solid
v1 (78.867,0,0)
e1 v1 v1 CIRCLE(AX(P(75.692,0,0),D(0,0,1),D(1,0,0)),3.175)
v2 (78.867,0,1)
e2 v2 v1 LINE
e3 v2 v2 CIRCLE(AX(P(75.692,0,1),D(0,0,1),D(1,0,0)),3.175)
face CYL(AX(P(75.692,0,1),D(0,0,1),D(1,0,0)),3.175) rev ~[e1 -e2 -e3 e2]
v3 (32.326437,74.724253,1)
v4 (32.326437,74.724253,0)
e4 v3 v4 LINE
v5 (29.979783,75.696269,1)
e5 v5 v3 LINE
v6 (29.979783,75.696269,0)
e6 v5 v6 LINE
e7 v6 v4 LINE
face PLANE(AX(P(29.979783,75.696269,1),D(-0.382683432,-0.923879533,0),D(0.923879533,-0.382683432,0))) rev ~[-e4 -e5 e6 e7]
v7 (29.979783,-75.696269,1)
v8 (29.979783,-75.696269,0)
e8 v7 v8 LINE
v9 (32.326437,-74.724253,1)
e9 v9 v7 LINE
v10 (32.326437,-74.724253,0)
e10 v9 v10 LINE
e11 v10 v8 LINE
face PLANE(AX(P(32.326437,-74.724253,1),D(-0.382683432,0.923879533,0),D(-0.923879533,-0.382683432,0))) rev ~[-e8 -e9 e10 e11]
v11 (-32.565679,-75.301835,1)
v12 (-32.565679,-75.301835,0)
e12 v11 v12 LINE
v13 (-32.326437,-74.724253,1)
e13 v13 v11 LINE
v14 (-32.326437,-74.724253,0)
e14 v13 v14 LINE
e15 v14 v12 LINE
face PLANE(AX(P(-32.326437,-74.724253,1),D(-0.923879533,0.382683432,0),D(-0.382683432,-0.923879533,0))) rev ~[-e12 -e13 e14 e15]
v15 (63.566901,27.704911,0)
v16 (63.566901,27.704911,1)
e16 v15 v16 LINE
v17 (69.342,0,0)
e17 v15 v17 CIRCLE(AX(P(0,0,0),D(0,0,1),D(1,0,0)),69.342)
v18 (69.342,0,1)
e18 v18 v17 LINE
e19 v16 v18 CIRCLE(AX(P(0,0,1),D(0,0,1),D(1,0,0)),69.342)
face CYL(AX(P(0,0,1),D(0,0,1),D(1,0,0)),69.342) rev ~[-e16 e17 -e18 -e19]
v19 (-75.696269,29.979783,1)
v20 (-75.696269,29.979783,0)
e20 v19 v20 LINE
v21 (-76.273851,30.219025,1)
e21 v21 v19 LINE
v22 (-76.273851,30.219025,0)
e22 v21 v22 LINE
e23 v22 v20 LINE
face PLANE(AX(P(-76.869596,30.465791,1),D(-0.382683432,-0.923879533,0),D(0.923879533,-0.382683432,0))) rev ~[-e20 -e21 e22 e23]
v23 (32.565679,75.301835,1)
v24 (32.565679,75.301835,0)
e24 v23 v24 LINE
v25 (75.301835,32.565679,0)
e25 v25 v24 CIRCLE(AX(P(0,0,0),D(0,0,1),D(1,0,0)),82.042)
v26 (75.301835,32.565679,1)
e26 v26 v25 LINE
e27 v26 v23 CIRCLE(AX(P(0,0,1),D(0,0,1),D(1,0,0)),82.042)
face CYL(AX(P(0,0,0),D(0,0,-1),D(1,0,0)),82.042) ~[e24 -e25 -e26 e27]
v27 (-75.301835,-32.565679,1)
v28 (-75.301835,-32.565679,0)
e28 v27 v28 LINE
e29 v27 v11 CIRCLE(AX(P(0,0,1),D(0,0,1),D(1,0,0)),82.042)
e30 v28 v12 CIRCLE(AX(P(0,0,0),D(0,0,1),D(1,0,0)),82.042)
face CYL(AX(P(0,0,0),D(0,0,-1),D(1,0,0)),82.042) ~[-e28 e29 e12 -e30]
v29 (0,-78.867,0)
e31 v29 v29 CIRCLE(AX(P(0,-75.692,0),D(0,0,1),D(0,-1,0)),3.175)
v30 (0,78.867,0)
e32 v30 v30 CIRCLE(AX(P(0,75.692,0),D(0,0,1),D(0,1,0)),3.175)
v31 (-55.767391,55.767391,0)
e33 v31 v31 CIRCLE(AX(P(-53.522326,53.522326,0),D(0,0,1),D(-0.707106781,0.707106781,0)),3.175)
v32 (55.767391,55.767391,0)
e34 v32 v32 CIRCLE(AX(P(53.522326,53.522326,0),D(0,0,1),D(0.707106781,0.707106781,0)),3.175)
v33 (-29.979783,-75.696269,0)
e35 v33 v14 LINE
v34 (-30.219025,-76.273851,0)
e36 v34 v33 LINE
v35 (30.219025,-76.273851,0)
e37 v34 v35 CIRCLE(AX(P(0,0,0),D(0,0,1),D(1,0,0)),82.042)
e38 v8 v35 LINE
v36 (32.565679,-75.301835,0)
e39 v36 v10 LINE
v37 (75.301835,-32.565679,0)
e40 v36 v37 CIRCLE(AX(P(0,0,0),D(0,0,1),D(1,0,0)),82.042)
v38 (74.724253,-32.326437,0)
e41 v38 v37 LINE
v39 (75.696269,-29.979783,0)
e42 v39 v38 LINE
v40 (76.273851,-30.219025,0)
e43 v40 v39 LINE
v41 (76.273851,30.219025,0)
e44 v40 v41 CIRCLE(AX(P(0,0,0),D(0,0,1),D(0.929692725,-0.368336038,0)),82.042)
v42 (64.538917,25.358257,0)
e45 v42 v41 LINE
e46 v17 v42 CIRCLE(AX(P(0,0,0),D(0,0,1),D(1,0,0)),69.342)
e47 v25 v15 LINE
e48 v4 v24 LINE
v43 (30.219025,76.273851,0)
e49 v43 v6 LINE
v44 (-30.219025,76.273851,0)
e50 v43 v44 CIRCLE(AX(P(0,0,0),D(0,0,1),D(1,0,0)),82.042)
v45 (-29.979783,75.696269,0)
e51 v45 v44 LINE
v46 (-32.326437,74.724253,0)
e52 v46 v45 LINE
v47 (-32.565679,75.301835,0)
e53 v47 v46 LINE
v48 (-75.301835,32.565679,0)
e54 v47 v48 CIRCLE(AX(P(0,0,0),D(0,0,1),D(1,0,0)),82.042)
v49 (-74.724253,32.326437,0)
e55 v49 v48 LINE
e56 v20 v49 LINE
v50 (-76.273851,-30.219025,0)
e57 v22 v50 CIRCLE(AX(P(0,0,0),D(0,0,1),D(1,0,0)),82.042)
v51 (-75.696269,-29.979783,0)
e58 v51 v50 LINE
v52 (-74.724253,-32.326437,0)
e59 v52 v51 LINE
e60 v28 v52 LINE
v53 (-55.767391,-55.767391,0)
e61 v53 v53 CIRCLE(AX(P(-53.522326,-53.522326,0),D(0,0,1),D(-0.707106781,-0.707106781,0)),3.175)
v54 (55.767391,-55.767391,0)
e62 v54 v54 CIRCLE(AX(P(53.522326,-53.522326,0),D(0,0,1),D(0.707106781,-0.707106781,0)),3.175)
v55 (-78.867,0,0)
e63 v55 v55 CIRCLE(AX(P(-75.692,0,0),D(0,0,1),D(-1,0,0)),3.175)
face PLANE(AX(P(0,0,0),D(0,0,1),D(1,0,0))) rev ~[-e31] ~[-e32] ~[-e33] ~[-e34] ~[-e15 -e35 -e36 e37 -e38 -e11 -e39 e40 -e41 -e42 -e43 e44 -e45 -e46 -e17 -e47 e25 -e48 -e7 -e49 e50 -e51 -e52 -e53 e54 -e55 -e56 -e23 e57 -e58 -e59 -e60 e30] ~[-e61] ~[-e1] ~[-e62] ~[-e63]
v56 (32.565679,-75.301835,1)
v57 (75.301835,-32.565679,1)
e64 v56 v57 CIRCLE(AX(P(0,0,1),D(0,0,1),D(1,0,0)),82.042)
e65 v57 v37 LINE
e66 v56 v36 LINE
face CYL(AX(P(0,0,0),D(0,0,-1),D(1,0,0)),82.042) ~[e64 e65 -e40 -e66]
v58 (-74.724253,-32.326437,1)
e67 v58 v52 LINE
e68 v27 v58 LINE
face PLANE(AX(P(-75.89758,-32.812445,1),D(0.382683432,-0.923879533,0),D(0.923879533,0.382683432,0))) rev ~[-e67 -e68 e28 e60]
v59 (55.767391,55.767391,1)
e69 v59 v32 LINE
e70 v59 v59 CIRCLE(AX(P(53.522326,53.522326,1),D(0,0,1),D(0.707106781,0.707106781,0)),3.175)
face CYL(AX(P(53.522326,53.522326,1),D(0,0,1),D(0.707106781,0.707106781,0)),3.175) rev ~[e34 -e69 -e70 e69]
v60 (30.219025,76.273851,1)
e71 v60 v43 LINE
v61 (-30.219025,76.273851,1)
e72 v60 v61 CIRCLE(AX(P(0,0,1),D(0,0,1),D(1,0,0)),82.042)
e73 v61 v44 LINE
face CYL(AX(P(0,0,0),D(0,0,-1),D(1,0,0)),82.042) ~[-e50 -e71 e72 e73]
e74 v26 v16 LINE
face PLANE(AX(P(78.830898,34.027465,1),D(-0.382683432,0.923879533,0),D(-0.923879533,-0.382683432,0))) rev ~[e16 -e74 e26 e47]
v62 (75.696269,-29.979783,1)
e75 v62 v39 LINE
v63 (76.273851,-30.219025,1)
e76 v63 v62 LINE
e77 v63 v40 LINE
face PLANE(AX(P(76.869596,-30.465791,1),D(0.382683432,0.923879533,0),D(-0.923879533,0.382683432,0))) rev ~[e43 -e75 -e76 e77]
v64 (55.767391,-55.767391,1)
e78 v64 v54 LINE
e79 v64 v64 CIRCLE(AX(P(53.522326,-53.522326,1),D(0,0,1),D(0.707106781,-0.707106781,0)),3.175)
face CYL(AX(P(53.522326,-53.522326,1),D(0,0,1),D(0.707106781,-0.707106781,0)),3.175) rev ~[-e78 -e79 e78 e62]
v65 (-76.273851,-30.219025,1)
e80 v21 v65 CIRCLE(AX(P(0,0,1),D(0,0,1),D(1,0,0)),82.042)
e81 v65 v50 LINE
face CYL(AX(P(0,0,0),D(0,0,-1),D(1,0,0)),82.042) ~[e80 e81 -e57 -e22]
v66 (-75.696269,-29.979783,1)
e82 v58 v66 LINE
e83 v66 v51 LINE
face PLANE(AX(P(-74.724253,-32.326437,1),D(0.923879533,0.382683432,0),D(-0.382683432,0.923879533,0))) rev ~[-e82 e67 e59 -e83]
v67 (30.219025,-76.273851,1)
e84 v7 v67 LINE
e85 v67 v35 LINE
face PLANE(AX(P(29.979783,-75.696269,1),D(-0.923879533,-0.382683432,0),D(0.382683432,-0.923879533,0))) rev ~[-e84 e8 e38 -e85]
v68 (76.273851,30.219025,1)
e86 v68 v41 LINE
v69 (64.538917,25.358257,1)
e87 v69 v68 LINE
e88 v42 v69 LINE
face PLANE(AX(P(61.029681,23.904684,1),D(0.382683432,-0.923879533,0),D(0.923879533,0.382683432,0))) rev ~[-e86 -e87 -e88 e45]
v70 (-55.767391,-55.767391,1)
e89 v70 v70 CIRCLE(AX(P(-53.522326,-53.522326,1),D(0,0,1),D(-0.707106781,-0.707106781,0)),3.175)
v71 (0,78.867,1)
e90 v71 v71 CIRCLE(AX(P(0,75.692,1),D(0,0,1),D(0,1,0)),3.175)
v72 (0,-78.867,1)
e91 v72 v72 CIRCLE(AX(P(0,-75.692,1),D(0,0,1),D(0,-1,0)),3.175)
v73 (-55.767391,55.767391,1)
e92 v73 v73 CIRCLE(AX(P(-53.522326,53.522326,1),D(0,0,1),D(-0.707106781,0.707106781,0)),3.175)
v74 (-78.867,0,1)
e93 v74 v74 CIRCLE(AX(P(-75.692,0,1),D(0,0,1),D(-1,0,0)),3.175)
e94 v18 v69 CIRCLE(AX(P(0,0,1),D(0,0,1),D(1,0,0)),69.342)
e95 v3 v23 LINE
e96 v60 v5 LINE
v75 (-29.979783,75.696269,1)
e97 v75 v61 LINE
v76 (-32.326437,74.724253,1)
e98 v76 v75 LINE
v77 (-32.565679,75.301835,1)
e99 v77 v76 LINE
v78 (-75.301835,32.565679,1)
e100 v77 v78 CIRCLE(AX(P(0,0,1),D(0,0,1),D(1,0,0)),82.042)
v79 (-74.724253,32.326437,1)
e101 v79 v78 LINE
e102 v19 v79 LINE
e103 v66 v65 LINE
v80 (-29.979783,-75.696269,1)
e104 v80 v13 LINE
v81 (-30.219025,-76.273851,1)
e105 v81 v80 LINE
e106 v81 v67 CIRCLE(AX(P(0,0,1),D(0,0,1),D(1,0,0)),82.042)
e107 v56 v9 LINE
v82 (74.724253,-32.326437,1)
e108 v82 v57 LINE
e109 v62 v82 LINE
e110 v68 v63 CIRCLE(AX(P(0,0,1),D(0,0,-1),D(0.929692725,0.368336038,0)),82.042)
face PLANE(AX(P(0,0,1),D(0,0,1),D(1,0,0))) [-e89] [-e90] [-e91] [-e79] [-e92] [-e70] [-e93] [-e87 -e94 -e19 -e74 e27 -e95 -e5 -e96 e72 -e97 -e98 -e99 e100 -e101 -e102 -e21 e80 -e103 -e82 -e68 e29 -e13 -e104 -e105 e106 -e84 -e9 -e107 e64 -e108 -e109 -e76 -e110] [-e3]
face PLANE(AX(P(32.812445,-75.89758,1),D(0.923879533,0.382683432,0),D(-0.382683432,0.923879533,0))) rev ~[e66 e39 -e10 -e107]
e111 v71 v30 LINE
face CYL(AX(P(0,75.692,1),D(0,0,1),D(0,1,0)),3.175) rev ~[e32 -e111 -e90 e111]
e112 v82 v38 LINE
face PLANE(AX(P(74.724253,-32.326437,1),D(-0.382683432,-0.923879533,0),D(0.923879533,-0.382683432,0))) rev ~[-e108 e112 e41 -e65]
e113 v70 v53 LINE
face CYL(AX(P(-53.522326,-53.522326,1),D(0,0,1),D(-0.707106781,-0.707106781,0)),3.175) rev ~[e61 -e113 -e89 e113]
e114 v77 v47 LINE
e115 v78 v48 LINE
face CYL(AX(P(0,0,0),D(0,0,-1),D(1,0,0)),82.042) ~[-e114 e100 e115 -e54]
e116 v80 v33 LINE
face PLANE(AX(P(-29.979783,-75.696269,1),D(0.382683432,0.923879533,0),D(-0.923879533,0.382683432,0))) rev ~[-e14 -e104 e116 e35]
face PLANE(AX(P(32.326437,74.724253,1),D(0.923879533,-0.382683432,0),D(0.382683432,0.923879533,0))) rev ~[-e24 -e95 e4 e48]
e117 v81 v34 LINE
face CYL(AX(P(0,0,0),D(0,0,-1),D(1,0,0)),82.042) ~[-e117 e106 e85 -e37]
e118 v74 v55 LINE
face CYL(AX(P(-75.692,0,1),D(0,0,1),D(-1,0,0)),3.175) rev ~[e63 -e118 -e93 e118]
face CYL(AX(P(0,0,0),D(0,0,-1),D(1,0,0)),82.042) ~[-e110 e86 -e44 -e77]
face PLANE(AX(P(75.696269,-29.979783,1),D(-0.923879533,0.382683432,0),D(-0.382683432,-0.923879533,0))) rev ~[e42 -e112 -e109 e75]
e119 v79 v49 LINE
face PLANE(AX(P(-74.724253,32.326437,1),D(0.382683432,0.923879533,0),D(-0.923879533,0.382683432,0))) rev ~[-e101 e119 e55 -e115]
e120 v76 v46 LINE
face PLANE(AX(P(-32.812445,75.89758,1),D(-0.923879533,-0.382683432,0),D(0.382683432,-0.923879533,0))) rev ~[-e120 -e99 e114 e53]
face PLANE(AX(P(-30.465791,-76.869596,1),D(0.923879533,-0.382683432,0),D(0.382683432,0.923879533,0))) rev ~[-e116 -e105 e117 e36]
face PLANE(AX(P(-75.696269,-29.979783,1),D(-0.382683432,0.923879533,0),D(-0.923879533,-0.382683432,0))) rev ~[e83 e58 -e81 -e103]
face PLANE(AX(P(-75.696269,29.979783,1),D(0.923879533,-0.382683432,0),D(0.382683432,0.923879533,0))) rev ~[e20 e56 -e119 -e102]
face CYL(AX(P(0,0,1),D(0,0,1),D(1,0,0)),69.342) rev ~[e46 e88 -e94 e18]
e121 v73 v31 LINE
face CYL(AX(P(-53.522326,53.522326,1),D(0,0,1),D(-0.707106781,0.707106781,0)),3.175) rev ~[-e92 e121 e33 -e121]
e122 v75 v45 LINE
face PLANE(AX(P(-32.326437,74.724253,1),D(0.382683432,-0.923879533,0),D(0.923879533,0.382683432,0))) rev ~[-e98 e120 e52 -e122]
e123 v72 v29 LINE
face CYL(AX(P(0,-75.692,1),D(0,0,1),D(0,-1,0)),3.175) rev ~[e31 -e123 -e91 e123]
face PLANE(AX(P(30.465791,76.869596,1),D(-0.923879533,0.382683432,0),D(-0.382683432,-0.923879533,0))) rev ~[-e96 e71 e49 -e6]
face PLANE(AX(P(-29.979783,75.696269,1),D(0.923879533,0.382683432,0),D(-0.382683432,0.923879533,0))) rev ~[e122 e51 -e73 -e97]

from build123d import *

# Parameters (mm, degrees)
SKETCH4_R           = 82.042
BOSS_EXTRUDE2_DEPTH = 1
SKETCH5_R           = 69.342
CUT_EXTRUDE5_DEPTH  = 2
SKETCH6_R           = 3.175
CUT_EXTRUDE6_DEPTH  = 2
CIRPATTERN1_COUNT   = 8
CUT_EXTRUDE11_DEPTH = 2


with BuildPart() as part:
    # Sketch4 → Boss-Extrude2 (new body)
    with BuildSketch(Plane.XY):
        Circle(SKETCH4_R)
    extrude(amount=BOSS_EXTRUDE2_DEPTH)

    # Sketch5 → Cut-Extrude5 (cut, through all)
    with BuildSketch(Plane.XY.offset(1)):
        Circle(SKETCH5_R)
    extrude(amount=-CUT_EXTRUDE5_DEPTH, mode=Mode.SUBTRACT)

    # Sketch6 → Cut-Extrude6 (cut, through all)
    with BuildSketch(Plane.XY.offset(1)):
        with Locations((75.692, 0)):
            Circle(SKETCH6_R)
    cut_extrude6 = extrude(amount=-CUT_EXTRUDE6_DEPTH, mode=Mode.SUBTRACT)

    # CirPattern1: Cut-Extrude6 ×8 about axis
    cirpattern1_axis = Axis((0, 0, 0), (0, 0, 1))
    for i in range(1, CIRPATTERN1_COUNT):
        add(cut_extrude6.rotate(cirpattern1_axis, i * 360 / CIRPATTERN1_COUNT), mode=Mode.SUBTRACT)

    # Sketch8 → Cut-Extrude11 (cut, through all)
    with BuildSketch(Plane.XY.offset(1)):
        Polygon((78.830897666, 34.027465042), (60.057665565, 26.251337696), (61.029681484, 23.904683683), (79.802913584, 31.680811029), align=None)
        Polygon((32.812445144, 75.89758015), (30.465791131, 76.869596069), (29.979783172, 75.696269062), (32.326437185, 74.724253144), align=None)
        Polygon((-30.465791131, 76.869596069), (-32.812445144, 75.89758015), (-32.326437185, 74.724253144), (-29.979783172, 75.696269062), align=None)
        Polygon((-75.89758015, 32.812445144), (-76.869596069, 30.465791131), (-75.696269062, 29.979783172), (-74.724253144, 32.326437185), align=None)
        Polygon((-76.869596069, -30.465791131), (-75.89758015, -32.812445144), (-74.724253144, -32.326437185), (-75.696269062, -29.979783172), align=None)
        Polygon((-32.812445144, -75.89758015), (-30.465791131, -76.869596069), (-29.979783172, -75.696269062), (-32.326437185, -74.724253144), align=None)
        Polygon((30.465791131, -76.869596069), (32.812445144, -75.89758015), (32.326437185, -74.724253144), (29.979783172, -75.696269062), align=None)
        Polygon((75.89758015, -32.812445144), (76.869596069, -30.465791131), (75.696269062, -29.979783172), (74.724253144, -32.326437185), align=None)
    extrude(amount=-CUT_EXTRUDE11_DEPTH, mode=Mode.SUBTRACT)


solid = part.part
